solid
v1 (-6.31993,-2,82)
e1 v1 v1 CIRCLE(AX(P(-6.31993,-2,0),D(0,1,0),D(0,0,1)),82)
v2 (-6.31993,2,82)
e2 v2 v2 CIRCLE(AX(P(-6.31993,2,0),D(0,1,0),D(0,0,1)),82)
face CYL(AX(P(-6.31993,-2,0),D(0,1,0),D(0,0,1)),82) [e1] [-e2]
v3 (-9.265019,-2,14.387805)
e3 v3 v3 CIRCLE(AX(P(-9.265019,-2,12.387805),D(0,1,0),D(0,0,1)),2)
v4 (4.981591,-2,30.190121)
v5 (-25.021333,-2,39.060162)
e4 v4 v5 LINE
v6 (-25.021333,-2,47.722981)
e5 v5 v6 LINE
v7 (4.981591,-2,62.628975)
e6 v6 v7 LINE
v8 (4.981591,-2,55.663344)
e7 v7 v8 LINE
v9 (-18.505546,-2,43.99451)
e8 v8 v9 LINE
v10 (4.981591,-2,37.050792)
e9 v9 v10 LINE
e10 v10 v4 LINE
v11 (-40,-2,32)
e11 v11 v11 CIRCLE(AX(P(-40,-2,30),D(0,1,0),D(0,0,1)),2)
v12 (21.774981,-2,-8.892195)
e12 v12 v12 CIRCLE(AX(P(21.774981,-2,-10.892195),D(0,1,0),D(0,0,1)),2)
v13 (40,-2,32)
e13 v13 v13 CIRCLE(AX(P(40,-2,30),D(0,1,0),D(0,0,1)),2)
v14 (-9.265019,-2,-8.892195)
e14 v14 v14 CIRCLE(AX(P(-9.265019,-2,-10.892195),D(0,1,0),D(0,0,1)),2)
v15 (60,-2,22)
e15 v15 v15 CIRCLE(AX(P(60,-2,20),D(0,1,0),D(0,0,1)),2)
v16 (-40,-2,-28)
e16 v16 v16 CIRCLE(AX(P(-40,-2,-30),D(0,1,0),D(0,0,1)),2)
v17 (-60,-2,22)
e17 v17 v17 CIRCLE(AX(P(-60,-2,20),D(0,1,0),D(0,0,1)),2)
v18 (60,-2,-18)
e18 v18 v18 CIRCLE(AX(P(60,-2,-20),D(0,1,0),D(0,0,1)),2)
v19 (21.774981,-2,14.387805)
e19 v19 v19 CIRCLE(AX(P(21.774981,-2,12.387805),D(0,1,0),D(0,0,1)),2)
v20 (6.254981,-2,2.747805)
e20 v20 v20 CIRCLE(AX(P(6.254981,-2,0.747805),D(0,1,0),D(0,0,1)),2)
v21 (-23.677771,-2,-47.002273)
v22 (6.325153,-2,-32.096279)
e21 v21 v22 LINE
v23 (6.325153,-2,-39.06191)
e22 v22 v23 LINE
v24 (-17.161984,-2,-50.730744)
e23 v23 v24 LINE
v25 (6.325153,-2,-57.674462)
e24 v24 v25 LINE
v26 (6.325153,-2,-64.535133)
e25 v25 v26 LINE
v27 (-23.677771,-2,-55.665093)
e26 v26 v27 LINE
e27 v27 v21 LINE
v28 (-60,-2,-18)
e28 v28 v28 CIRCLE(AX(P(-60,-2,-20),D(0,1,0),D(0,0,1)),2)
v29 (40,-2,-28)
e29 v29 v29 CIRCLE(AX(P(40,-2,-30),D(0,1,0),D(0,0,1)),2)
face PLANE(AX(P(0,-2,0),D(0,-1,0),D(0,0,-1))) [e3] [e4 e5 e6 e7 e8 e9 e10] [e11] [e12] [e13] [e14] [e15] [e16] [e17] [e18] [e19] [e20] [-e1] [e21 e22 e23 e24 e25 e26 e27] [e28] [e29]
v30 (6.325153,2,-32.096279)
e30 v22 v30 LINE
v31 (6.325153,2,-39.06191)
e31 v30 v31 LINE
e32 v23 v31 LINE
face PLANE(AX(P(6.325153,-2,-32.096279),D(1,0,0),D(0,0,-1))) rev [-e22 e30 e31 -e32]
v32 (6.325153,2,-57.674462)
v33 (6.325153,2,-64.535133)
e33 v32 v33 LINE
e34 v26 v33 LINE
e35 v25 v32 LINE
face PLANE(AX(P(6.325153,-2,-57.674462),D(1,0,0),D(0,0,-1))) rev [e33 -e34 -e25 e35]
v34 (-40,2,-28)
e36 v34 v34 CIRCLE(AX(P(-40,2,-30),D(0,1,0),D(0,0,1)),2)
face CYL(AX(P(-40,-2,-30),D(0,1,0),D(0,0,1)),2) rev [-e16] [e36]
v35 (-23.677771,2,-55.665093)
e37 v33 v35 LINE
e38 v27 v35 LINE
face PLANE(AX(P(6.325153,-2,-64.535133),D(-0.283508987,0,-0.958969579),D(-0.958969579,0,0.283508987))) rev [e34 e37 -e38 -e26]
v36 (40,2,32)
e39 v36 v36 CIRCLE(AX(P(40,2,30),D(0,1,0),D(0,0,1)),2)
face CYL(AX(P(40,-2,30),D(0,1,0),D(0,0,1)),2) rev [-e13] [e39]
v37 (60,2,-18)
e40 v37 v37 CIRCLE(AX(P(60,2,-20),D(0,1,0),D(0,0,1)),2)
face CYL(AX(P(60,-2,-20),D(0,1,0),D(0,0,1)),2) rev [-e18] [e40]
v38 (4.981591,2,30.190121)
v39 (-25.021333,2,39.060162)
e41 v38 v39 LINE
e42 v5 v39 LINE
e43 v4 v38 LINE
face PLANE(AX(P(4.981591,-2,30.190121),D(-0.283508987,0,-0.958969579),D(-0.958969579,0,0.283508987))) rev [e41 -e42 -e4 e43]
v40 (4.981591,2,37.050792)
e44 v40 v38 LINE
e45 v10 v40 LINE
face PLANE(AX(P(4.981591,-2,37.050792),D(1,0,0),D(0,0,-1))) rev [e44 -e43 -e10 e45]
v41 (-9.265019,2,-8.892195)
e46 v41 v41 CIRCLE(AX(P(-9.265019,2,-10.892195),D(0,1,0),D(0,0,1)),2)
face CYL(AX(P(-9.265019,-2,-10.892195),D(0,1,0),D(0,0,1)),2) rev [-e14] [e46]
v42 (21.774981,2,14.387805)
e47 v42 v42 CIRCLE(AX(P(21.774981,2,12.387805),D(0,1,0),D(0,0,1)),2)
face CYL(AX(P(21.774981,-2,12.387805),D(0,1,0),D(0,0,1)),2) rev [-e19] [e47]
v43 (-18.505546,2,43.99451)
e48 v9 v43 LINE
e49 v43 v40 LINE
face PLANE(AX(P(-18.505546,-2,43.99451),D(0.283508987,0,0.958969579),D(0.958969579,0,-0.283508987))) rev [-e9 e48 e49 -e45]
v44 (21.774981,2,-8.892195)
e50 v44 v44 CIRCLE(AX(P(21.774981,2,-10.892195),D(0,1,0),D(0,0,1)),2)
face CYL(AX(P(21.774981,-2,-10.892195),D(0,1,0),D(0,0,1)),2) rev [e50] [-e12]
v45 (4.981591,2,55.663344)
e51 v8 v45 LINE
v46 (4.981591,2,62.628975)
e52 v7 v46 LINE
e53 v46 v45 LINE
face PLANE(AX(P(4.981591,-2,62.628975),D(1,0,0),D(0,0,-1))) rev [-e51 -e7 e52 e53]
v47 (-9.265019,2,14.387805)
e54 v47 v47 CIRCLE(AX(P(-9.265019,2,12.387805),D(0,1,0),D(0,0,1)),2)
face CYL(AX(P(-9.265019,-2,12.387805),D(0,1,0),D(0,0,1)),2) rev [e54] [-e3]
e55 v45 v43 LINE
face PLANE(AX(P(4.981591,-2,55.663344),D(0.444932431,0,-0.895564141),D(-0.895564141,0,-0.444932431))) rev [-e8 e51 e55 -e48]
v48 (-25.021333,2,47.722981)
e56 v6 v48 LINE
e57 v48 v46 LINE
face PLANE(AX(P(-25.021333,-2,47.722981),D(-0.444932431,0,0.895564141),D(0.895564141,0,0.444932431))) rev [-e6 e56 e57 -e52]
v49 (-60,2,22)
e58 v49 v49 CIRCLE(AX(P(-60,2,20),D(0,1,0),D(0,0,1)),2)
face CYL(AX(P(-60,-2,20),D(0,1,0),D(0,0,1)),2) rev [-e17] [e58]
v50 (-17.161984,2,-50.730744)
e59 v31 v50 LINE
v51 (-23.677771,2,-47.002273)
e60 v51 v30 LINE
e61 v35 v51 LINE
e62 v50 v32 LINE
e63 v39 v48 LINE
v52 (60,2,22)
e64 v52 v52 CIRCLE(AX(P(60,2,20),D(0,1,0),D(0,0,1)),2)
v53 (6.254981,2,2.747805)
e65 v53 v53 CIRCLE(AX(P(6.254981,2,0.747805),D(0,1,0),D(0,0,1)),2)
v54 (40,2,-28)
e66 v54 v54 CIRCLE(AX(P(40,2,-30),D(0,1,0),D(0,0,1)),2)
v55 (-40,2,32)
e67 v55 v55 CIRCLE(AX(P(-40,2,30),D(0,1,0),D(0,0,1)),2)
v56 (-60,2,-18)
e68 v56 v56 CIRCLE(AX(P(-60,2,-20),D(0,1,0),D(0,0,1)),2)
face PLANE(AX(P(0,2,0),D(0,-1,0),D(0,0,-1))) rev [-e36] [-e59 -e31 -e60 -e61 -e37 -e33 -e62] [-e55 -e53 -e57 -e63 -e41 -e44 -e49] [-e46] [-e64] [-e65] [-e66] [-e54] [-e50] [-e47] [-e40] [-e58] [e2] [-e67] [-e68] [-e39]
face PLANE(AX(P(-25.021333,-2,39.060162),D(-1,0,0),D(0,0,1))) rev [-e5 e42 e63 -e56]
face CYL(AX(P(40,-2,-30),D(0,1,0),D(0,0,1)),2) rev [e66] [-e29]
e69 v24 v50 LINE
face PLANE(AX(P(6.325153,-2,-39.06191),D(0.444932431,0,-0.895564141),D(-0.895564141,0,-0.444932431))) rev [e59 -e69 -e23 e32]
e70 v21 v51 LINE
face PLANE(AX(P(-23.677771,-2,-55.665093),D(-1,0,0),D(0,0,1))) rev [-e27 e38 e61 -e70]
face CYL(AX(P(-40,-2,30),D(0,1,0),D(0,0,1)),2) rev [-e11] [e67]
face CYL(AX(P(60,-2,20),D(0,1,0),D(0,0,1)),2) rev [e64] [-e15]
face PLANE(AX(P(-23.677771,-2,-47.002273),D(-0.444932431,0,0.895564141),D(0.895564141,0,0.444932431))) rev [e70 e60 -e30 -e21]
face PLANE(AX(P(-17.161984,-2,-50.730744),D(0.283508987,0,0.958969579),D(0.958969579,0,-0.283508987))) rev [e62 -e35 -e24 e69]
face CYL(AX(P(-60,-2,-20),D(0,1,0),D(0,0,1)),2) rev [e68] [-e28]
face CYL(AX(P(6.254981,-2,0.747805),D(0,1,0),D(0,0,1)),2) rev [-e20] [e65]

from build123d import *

# Parameters (mm, degrees)
EXTRUDE_2426_DEPTH          = 2
CUT_EXTRUDE_2700_DEPTH      = 184.109257002
CUT_EXTRUDE_2700_DEPTH_BACK = 184.109257002
SKETCH_5_R                  = 92
SKETCH_5_R_2                = 82
VV_DEPTH                    = 121.533854246
VV_DEPTH_BACK               = 121.533854246
CUT_EXTRUDE_7_DEPTH         = 121.533854246
CUT_EXTRUDE_7_DEPTH_BACK    = 121.533854246
SKETCH_10_R                 = 2
CUT_EXTRUDE_8_DEPTH         = 121.533854246
CUT_EXTRUDE_8_DEPTH_BACK    = 121.533854246
SKETCH_17_R                 = 2
CUT_EXTRUDE_9_DEPTH         = 121.533854246
CUT_EXTRUDE_9_DEPTH_BACK    = 121.533854246
SKETCH_6_R                  = 2


with BuildPart() as part:
    # 草图1 → Extrude 2426 (new, symmetric)
    with BuildSketch(Plane(origin=(0, 0, 0), x_dir=(1, 0, 0), z_dir=(0, 1, 0))):
        Polygon((-150, -85), (-150, 85), (-110, 85), (-69, 85), (-62, 85), (-25, 105), (-2, 105), (30, 105), (56.423376881, 85), (67.423376881, 85), (108.643784617, 85), (108.643784617, 70), (123.423376881, 70), (138, 40), (150, 40), (150, -40), (138, -40), (123.423376881, -70), (108.643784617, -70), (108.643784617, -85), (67.423376881, -85), (56.423376881, -85), (30, -105), (-2, -105), (-25, -105), (-62, -85), (-69, -85), (-110, -85), align=None)
    extrude(amount=EXTRUDE_2426_DEPTH, both=True)

    # 草图5 → Cut-Extrude 2700 (cut, two sides: drawn at the far end of the back side and taken through both)
    with BuildSketch(Plane(origin=(0, 0, 0), x_dir=(1, 0, 0), z_dir=(0, 1, 0)).offset(-CUT_EXTRUDE_2700_DEPTH_BACK)):
        with Locations((-6.31992991, 0)):
            Circle(SKETCH_5_R)
        with Locations(Location((-6.31992991, 0, 0), (0, 0, 270))):
            Circle(SKETCH_5_R_2, mode=Mode.SUBTRACT)
    extrude(amount=CUT_EXTRUDE_2700_DEPTH + CUT_EXTRUDE_2700_DEPTH_BACK, mode=Mode.SUBTRACT)


with BuildPart() as body_2:
    # of the pieces the cut leaves, the one that is kept (cut_extrude_2700_keep)
    add(part.part.solids().sort_by_distance((-6.31992991, -2, 82))[0])

    # 草图11 → vv (cut, two sides: drawn at the far end of the back side and taken through both)
    with BuildSketch(Plane(origin=(0, 0, 0), x_dir=(1, 0, 0), z_dir=(0, 1, 0)).offset(-VV_DEPTH_BACK)):
        Polygon((6.325153319, 64.535132696), (-23.677770795, 55.665092595), (-23.677770795, 47.002272942), (6.325153319, 32.096278657), (6.325153319, 39.061910109), (-17.161984245, 50.730744019), (6.325153319, 57.674462279), align=None)
        Polygon((4.981591187, -30.190121431), (-25.021332927, -39.060161532), (-25.021332927, -47.722981185), (4.981591187, -62.62897547), (4.981591187, -55.663344018), (-18.505546377, -43.994510108), (4.981591187, -37.050791848), align=None)
    extrude(amount=VV_DEPTH + VV_DEPTH_BACK, mode=Mode.SUBTRACT)

    # 草图10 → 切除-拉伸7 (cut, two sides: drawn at the far end of the back side and taken through both)
    with BuildSketch(Plane(origin=(0, 0, 0), x_dir=(1, 0, 0), z_dir=(0, 1, 0)).offset(-CUT_EXTRUDE_7_DEPTH_BACK)):
        with Locations((-130, 65)):
            Circle(SKETCH_10_R)
        with Locations((-130, -65)):
            Circle(SKETCH_10_R)
        with Locations((115, 55)):
            Circle(SKETCH_10_R)
        with Locations((115, -55)):
            Circle(SKETCH_10_R)
        with Locations(Location((-60, 20, 0), (0, 0, 270))):
            Circle(SKETCH_10_R)
        with Locations(Location((-60, -20, 0), (0, 0, 270))):
            Circle(SKETCH_10_R)
        with Locations(Location((60, 20, 0), (0, 0, 270))):
            Circle(SKETCH_10_R)
        with Locations(Location((60, -20, 0), (0, 0, 270))):
            Circle(SKETCH_10_R)
    extrude(amount=CUT_EXTRUDE_7_DEPTH + CUT_EXTRUDE_7_DEPTH_BACK, mode=Mode.SUBTRACT)

    # 草图17 → 切除-拉伸8 (cut, two sides: drawn at the far end of the back side and taken through both)
    with BuildSketch(Plane(origin=(0, 0, 0), x_dir=(1, 0, 0), z_dir=(0, 1, 0)).offset(-CUT_EXTRUDE_8_DEPTH_BACK)):
        with Locations(Location((-40, 30, 0), (0, 0, 270))):
            Circle(SKETCH_17_R)
        with Locations(Location((40, 30, 0), (0, 0, 270))):
            Circle(SKETCH_17_R)
        with Locations(Location((-40, -30, 0), (0, 0, 270))):
            Circle(SKETCH_17_R)
        with Locations(Location((40, -30, 0), (0, 0, 270))):
            Circle(SKETCH_17_R)
    extrude(amount=CUT_EXTRUDE_8_DEPTH + CUT_EXTRUDE_8_DEPTH_BACK, mode=Mode.SUBTRACT)

    # 草图6 → 切除-拉伸9 (cut, two sides: drawn at the far end of the back side and taken through both)
    with BuildSketch(Plane(origin=(0, 0, 0), x_dir=(1, 0, 0), z_dir=(0, 1, 0)).offset(-CUT_EXTRUDE_9_DEPTH_BACK)):
        with Locations(Location((21.774981178, -12.387805022, 0), (0, 0, 270))):
            Circle(SKETCH_6_R)
        with Locations(Location((-9.265018822, 10.892194978, 0), (0, 0, 270))):
            Circle(SKETCH_6_R)
        with Locations(Location((-9.265018822, -12.387805022, 0), (0, 0, 270))):
            Circle(SKETCH_6_R)
        with Locations(Location((6.254981178, -0.747805022, 0), (0, 0, 270))):
            Circle(SKETCH_6_R)
        with Locations(Location((21.774981178, 10.892194978, 0), (0, 0, 270))):
            Circle(SKETCH_6_R)
    extrude(amount=CUT_EXTRUDE_9_DEPTH + CUT_EXTRUDE_9_DEPTH_BACK, mode=Mode.SUBTRACT)


solid = body_2.part
